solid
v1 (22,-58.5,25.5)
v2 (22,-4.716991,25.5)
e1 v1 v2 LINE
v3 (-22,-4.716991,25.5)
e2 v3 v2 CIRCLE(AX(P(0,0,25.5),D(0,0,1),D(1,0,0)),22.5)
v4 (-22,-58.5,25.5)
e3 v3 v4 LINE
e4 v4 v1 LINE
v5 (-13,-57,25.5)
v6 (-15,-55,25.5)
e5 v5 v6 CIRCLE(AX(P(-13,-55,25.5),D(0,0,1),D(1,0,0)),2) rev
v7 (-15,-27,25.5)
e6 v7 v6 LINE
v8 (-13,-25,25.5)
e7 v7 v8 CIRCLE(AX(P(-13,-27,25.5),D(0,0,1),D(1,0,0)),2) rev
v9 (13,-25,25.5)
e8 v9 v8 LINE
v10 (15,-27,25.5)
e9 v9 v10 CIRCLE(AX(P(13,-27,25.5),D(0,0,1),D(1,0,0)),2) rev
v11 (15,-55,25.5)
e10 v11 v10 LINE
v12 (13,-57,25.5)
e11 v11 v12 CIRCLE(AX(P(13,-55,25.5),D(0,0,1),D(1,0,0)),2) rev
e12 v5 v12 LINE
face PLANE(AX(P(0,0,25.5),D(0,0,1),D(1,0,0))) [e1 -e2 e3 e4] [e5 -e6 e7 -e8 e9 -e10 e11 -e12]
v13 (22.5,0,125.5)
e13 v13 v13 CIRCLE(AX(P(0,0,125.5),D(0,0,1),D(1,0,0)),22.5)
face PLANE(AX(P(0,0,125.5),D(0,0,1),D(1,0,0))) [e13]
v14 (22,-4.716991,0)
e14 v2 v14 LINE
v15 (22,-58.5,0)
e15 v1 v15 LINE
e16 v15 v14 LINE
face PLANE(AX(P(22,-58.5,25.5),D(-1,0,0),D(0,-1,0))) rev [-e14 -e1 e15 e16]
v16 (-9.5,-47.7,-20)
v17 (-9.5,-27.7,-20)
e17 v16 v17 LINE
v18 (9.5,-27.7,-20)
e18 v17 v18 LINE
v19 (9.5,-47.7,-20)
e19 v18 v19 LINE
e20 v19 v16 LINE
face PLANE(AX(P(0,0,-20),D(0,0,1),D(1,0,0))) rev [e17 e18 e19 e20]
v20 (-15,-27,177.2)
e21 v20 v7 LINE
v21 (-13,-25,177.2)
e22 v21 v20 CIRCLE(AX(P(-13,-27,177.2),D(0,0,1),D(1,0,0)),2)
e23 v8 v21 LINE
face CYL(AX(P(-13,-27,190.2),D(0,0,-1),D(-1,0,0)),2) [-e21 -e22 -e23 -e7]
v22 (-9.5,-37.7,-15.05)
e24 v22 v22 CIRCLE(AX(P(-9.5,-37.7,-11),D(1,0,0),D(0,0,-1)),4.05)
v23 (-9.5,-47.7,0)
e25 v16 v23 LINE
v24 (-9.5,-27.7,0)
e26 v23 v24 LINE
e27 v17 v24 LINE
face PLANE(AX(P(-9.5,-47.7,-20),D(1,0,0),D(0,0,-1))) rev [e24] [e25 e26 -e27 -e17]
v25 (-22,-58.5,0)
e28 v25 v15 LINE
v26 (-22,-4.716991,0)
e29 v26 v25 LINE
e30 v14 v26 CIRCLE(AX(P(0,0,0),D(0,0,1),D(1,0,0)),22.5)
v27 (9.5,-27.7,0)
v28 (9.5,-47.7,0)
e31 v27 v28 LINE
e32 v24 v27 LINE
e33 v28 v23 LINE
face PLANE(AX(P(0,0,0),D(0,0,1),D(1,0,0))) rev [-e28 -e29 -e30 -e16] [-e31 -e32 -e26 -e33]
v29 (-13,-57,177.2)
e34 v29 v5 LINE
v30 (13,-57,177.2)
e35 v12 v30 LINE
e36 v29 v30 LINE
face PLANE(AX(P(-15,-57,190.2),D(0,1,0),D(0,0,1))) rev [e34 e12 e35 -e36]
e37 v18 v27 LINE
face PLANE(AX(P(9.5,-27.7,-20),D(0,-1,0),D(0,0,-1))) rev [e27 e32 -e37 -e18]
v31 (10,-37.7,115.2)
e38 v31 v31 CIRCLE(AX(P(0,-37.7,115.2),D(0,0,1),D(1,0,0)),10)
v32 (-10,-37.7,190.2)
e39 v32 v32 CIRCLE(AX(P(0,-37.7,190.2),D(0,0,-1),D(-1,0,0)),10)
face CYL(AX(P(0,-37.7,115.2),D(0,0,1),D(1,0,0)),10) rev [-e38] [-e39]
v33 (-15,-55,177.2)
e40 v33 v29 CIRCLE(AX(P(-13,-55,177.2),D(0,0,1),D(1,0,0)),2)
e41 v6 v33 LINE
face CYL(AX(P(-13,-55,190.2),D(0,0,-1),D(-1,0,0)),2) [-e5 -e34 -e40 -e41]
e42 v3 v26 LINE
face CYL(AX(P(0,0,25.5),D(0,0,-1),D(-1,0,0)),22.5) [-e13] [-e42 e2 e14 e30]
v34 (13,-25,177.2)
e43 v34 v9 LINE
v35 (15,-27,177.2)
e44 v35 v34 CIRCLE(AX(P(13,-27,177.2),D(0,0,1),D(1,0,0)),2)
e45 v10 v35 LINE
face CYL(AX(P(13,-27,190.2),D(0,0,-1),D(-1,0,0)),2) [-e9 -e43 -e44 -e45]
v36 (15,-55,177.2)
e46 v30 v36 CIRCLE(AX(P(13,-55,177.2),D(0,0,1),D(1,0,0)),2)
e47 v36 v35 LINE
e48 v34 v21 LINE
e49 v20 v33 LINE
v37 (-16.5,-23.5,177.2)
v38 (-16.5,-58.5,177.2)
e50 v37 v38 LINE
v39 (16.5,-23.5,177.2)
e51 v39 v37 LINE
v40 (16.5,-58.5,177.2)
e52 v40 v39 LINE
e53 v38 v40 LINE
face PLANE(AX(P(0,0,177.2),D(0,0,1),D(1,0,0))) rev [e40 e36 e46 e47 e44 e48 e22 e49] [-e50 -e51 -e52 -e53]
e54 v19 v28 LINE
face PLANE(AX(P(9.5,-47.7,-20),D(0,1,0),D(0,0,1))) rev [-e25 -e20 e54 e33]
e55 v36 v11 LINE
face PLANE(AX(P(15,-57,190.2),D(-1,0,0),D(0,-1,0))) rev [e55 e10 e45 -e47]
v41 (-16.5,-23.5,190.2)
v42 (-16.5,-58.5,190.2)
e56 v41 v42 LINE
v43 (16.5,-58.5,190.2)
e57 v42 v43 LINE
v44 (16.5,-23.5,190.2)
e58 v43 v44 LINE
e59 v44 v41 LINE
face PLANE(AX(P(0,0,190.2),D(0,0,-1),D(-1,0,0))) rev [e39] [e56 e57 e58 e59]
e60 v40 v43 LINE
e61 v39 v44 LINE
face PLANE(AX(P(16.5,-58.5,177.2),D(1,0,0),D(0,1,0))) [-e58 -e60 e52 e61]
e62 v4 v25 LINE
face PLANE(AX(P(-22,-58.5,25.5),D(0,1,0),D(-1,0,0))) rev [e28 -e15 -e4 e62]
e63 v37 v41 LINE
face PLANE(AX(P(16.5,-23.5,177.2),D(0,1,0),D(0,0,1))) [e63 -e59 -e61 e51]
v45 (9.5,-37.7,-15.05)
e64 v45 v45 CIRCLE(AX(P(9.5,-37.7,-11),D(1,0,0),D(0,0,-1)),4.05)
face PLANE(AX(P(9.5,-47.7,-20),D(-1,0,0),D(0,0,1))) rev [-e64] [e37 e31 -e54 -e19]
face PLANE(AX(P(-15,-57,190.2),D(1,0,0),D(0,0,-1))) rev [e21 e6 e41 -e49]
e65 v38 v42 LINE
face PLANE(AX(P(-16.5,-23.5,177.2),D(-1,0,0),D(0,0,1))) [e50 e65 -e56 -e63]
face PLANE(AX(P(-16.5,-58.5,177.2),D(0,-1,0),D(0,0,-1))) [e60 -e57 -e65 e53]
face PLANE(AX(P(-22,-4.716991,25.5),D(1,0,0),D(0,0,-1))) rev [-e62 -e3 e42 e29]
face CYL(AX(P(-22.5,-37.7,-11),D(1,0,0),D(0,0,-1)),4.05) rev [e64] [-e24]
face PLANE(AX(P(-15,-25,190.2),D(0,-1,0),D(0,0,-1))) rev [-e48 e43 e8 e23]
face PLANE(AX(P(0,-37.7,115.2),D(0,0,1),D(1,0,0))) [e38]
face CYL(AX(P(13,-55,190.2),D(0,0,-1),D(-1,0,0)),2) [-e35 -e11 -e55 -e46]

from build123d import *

# Parameters (mm, degrees)
BOSS_EXTRUDE1_DEPTH     = 25.5
SKETCH2_R               = 22.5
BOSS_EXTRUDE2_DEPTH     = 100
SKETCH3_W               = 30
SKETCH3_H               = 32
BOSS_EXTRUDE3_DEPTH     = 164.7
SKETCH4_W               = 19
SKETCH4_H               = 20
BOSS_EXTRUDE4_DEPTH     = 20
SKETCH5_R               = 4.05
CUT_EXTRUDE1_DEPTH      = 202.549720913
SKETCH6_R               = 10
BOSS_EXTRUDE5_DEPTH     = 25
SKETCH7_W               = 33
SKETCH7_H               = 35
BOSS_EXTRUDE6_DEPTH     = 13
CUT_EXTRUDE2_DEPTH      = 225.141785484
CUT_EXTRUDE2_DEPTH_BACK = 225.141785484
SKETCH8_R               = 4.05
FILLET1_R               = 2
CUT_EXTRUDE3_START      = -100
SKETCH9_R               = 10
CUT_EXTRUDE3_DEPTH      = 100


with BuildPart() as part:
    # Sketch1 → Boss-Extrude1 (new body)
    with BuildSketch(Plane.XY):
        with BuildLine():
            Line((-22, -4.716990566), (-22, -58.5))
            Line((-22, -58.5), (22, -58.5))
            Line((22, -58.5), (22, -4.716990566))
            ThreePointArc((22, -4.716990566), (0, 22.5), (-22, -4.716990566))
        make_face()
    extrude(amount=BOSS_EXTRUDE1_DEPTH)

    # Sketch2 → Boss-Extrude2 (add)
    with BuildSketch(Plane.XY.offset(25.5)):
        with Locations(Location((0, 0, 0), (0, 0, 192.101492032))):
            Circle(SKETCH2_R)
    extrude(amount=BOSS_EXTRUDE2_DEPTH)

    # Sketch3 → Boss-Extrude3 (add)
    with BuildSketch(Plane.XY.offset(25.5)):
        with Locations((0, -41)):
            Rectangle(SKETCH3_W, SKETCH3_H)
    extrude(amount=BOSS_EXTRUDE3_DEPTH)

    # Sketch4 → Boss-Extrude4 (add)
    with BuildSketch(Plane(origin=(0, 0, 0), x_dir=(-1, 0, 0), z_dir=(0, 0, -1))):
        with Locations((0, -37.7)):
            Rectangle(SKETCH4_W, SKETCH4_H)
    extrude(amount=BOSS_EXTRUDE4_DEPTH)

    # Sketch5 → Cut-Extrude1 (cut, through all)
    with BuildSketch(Plane(origin=(9.5, 0, 0), x_dir=(0, 0, -1), z_dir=(1, 0, 0))):
        with Locations((11, -37.7)):
            Circle(SKETCH5_R)
    extrude(amount=-CUT_EXTRUDE1_DEPTH, mode=Mode.SUBTRACT)

    # Sketch6 → Boss-Extrude5 (add)
    with BuildSketch(Plane.XY.offset(190.2)):
        with Locations((0, -37.7)):
            Circle(SKETCH6_R)
    extrude(amount=BOSS_EXTRUDE5_DEPTH)

    # Sketch7 → Boss-Extrude6 (add)
    with BuildSketch(Plane.XY.offset(190.2)):
        with Locations((0, -41)):
            Rectangle(SKETCH7_W, SKETCH7_H)
    extrude(amount=-BOSS_EXTRUDE6_DEPTH)

    # Sketch8 → Cut-Extrude2 (cut, two sides: drawn at the far end of the back side and taken through both)
    with BuildSketch(Plane(origin=(0, 0, 0), x_dir=(0, 0, -1), z_dir=(1, 0, 0)).offset(-CUT_EXTRUDE2_DEPTH_BACK)):
        with Locations(Location((-205.2, -37.7, 0), (0, 0, 179.999999993))):
            Circle(SKETCH8_R)
    extrude(amount=CUT_EXTRUDE2_DEPTH + CUT_EXTRUDE2_DEPTH_BACK, mode=Mode.SUBTRACT)

    # Fillet1
    fillet1_edges = [part.edges().sort_by_distance(p)[0] for p in [
        (15, -57, 101.35),
        (-15, -57, 101.35),
        (-15, -25, 101.35),
        (15, -25, 101.35),
    ]]
    fillet(fillet1_edges, radius=FILLET1_R)

    # Sketch9 → Cut-Extrude3 (cut)
    with BuildSketch(Plane.XY.offset(215.2).offset(CUT_EXTRUDE3_START)):
        with Locations((0, -37.7)):
            Circle(SKETCH9_R)
    extrude(amount=CUT_EXTRUDE3_DEPTH, mode=Mode.SUBTRACT)


solid = part.part
